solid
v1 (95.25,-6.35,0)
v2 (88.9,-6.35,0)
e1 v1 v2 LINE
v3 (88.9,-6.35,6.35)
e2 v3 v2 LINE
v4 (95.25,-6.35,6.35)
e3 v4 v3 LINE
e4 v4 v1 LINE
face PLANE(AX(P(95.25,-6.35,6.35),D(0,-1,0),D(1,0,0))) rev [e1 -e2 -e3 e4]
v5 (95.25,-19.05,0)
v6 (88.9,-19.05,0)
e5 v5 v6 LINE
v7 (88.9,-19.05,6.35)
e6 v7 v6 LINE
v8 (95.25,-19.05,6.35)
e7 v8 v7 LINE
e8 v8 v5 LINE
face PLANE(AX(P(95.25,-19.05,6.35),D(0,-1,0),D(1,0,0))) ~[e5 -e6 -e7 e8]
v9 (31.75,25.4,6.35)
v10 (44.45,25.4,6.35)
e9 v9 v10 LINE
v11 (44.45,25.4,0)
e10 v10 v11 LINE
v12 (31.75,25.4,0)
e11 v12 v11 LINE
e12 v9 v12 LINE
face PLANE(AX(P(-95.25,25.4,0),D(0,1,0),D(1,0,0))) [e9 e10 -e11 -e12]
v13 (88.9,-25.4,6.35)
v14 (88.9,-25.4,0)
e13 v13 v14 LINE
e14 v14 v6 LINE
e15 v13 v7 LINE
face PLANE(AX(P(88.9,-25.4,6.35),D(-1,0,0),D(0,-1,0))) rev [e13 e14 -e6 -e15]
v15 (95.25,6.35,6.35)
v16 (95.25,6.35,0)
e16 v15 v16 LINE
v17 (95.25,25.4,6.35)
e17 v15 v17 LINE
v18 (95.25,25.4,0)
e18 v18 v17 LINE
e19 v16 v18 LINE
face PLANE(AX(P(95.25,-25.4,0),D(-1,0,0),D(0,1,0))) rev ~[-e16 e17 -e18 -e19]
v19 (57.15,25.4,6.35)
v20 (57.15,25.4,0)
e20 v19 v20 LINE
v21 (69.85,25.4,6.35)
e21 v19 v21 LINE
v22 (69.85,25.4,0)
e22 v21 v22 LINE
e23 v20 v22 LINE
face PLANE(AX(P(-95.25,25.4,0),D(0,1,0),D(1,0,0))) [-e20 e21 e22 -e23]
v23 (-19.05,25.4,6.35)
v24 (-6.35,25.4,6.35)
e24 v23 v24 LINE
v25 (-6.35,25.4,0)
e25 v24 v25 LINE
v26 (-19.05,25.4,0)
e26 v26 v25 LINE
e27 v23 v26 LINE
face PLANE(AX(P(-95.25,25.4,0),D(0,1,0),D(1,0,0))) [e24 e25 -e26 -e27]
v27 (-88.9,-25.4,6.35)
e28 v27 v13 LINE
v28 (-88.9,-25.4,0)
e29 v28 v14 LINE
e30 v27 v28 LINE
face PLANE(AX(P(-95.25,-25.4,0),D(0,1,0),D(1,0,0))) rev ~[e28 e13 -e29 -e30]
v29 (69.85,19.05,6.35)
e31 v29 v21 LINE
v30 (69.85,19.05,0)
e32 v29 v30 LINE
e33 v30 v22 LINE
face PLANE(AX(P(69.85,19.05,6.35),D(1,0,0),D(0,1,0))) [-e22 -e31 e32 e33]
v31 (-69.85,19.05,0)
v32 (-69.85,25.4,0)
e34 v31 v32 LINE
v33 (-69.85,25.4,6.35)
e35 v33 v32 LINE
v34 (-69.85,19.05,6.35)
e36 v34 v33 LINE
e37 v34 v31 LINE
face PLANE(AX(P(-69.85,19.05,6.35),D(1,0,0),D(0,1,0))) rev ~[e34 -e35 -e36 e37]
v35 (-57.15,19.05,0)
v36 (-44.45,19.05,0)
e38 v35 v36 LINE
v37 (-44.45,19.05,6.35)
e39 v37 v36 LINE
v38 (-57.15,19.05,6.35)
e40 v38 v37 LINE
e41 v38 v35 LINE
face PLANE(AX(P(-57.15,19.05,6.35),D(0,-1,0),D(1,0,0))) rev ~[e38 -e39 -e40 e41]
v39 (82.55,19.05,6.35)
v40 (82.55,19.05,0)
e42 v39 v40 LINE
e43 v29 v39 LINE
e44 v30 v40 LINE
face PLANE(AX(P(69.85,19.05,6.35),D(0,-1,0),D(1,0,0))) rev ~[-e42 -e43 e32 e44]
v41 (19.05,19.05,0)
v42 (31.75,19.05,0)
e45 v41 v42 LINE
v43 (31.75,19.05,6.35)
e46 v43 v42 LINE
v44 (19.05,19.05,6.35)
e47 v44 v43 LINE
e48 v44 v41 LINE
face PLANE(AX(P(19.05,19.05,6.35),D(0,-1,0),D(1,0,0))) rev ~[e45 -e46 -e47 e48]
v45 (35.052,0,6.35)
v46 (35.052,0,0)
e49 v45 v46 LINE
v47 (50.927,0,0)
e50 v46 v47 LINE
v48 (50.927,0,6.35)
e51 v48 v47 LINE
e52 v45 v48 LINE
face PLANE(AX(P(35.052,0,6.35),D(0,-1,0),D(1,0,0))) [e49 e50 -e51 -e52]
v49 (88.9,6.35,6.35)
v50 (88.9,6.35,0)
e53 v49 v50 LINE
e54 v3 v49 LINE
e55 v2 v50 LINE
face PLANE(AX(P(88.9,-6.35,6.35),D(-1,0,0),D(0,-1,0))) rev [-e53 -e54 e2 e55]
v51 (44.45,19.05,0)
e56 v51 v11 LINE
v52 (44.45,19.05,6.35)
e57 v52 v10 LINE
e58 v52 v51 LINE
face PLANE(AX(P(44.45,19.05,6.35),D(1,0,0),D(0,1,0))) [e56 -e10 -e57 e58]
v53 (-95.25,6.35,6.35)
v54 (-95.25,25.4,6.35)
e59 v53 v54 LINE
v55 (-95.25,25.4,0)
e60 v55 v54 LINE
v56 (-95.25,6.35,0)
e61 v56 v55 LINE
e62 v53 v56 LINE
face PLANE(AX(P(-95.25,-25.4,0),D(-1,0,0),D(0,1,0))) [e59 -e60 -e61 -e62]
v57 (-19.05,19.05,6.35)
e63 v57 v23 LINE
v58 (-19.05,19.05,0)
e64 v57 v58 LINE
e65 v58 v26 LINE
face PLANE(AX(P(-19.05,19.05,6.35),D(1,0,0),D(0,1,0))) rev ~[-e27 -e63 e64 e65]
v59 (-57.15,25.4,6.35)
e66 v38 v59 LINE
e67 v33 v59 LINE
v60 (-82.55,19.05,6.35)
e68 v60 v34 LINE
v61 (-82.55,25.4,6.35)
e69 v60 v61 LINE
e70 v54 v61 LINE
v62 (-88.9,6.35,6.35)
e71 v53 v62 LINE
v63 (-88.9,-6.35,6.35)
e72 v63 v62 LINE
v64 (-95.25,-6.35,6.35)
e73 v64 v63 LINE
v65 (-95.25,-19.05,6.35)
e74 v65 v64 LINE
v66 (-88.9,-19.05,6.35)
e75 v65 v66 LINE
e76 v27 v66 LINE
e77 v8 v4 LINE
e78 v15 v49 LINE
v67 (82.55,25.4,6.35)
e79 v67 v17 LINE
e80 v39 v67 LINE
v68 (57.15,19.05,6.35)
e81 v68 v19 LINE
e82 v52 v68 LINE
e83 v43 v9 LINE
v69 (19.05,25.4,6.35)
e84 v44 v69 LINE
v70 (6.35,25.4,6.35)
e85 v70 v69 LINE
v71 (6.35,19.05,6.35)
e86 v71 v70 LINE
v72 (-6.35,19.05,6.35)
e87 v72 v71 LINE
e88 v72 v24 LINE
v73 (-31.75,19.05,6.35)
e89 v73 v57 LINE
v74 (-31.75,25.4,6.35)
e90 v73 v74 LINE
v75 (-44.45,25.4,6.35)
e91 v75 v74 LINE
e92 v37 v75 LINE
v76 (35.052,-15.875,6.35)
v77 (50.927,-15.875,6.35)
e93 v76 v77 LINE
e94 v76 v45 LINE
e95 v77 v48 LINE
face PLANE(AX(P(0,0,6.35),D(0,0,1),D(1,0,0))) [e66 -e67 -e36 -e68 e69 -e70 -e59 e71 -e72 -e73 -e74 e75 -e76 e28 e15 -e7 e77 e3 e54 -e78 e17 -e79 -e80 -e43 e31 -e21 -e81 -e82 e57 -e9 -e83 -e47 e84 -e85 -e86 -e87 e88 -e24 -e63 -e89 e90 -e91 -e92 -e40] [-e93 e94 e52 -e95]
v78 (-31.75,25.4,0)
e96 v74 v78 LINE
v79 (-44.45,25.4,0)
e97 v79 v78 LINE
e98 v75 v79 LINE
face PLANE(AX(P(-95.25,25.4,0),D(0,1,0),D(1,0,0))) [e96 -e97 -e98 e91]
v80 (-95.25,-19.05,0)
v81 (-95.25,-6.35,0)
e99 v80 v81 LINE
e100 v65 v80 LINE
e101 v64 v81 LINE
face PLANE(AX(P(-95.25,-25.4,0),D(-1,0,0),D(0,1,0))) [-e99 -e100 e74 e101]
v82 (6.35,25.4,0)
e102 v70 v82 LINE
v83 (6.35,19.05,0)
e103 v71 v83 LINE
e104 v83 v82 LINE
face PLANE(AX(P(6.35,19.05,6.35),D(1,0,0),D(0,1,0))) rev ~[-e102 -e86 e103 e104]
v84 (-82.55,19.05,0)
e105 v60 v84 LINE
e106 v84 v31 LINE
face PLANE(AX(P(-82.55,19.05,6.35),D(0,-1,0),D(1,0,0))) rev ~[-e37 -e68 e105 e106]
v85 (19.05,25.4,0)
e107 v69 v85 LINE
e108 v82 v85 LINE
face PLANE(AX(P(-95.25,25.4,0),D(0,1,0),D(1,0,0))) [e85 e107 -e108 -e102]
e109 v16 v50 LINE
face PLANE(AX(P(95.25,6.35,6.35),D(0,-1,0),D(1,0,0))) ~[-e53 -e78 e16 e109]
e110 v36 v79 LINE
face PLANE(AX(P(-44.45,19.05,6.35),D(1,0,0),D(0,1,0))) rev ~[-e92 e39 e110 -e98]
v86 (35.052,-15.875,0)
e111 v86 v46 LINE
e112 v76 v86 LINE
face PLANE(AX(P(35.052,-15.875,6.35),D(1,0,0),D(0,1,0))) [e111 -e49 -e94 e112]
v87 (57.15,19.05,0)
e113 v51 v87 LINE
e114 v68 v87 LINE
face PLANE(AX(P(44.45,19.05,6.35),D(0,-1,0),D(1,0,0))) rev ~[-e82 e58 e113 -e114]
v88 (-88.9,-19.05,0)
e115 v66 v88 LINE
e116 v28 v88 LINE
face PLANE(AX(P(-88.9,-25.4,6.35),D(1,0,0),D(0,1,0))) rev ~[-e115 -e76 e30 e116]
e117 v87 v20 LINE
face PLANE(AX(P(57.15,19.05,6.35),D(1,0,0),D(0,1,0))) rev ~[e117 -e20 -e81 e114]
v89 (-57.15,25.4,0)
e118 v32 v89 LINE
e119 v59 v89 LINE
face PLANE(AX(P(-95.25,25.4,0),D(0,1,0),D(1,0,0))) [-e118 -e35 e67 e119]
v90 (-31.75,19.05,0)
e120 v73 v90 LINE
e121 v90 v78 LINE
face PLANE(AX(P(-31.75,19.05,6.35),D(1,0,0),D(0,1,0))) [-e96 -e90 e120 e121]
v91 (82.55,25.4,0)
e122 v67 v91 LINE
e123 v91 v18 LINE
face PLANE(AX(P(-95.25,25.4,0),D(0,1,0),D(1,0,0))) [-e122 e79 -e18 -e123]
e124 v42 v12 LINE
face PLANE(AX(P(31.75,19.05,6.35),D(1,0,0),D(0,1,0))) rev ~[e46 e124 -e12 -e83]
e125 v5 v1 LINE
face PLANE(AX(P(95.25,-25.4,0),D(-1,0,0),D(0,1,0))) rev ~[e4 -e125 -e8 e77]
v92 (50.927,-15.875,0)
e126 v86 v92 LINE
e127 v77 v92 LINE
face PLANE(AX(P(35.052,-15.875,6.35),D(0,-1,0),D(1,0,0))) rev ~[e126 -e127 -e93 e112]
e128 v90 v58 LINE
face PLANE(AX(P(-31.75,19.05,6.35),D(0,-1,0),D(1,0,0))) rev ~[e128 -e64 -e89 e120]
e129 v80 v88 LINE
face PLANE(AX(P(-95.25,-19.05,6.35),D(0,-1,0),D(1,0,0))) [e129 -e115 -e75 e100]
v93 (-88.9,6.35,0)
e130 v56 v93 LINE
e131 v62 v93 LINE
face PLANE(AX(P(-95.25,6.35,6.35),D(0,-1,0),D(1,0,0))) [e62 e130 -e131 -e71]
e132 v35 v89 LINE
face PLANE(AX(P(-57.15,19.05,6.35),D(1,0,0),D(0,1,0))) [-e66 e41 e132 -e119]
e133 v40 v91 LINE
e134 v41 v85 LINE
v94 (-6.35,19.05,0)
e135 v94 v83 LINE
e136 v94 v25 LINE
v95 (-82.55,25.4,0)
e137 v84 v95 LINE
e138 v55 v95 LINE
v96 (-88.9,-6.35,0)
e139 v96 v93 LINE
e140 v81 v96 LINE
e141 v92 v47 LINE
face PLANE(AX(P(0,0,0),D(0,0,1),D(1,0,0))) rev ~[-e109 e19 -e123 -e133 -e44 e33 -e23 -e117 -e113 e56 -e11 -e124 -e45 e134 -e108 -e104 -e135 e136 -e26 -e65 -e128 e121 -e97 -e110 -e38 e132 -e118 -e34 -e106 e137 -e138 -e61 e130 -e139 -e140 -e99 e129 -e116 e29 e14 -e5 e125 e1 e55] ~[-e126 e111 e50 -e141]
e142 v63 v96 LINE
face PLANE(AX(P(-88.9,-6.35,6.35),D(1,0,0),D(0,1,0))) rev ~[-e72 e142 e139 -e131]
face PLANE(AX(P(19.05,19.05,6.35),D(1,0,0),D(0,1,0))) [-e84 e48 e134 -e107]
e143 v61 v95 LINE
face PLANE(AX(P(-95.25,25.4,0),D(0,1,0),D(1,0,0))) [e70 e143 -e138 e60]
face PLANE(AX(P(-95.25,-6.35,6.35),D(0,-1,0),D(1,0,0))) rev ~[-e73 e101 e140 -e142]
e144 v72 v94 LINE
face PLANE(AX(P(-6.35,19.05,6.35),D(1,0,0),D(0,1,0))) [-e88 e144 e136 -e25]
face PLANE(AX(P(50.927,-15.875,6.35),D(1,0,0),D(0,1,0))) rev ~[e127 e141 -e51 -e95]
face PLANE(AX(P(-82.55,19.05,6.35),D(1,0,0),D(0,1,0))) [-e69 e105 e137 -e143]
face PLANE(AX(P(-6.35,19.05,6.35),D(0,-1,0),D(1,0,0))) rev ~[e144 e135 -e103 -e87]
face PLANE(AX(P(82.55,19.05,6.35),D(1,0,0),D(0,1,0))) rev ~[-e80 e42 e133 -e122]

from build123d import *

# Parameters (mm, degrees)
SKETCH1_W           = 190.5
SKETCH1_H           = 50.8
BOSS_EXTRUDE1_DEPTH = 6.35
SKETCH2_W           = 6.35
SKETCH2_H           = 12.7
CUT_EXTRUDE1_DEPTH  = 7.35
SKETCH3_W           = 6.35
SKETCH3_H           = 6.35
CUT_EXTRUDE2_DEPTH  = 7.35
SKETCH4_W           = 12.7
SKETCH4_H           = 6.35
CUT_EXTRUDE3_DEPTH  = 7.35
LPATTERN1_COUNT     = 7
LPATTERN1_PITCH     = 25.4
SKETCH5_W           = 15.875
SKETCH5_H           = 15.875
CUT_EXTRUDE4_DEPTH  = 7.35


with BuildPart() as part:
    # Sketch1 → Boss-Extrude1 (new body)
    with BuildSketch(Plane.XY):
        Rectangle(SKETCH1_W, SKETCH1_H)
    extrude(amount=BOSS_EXTRUDE1_DEPTH)

    # Sketch2 → Cut-Extrude1 (cut, through all)
    with BuildSketch(Plane.XY.offset(6.35)):
        with Locations((-92.075, 0)):
            Rectangle(SKETCH2_W, SKETCH2_H)
    cut_extrude1 = extrude(amount=-CUT_EXTRUDE1_DEPTH, mode=Mode.SUBTRACT)

    # Sketch3 → Cut-Extrude2 (cut, through all)
    with BuildSketch(Plane.XY.offset(6.35)):
        with Locations((-92.075, -22.225)):
            Rectangle(SKETCH3_W, SKETCH3_H)
    cut_extrude2 = extrude(amount=-CUT_EXTRUDE2_DEPTH, mode=Mode.SUBTRACT)

    # Mirror1: Cut-Extrude2 across plane
    add(cut_extrude2.mirror(Plane(origin=(0, 0, 0), x_dir=(0, 0, 1), z_dir=(1, 0, 0))), mode=Mode.SUBTRACT)

    # Mirror2: Cut-Extrude1 across plane
    add(cut_extrude1.mirror(Plane(origin=(0, 0, 0), x_dir=(0, 0, 1), z_dir=(1, 0, 0))), mode=Mode.SUBTRACT)

    # Sketch4 → Cut-Extrude3 (cut, through all)
    with BuildSketch(Plane.XY.offset(6.35)):
        with Locations((-76.2, 22.225)):
            Rectangle(SKETCH4_W, SKETCH4_H)
    cut_extrude3 = extrude(amount=-CUT_EXTRUDE3_DEPTH, mode=Mode.SUBTRACT)

    # LPattern1: Cut-Extrude3 ×7
    with Locations(*[(i * LPATTERN1_PITCH, 0, 0) for i in range(1, LPATTERN1_COUNT)]):
        add(cut_extrude3, mode=Mode.SUBTRACT)

    # Sketch5 → Cut-Extrude4 (cut, through all)
    with BuildSketch(Plane.XY.offset(6.35)):
        with Locations((42.9895, -7.9375)):
            Rectangle(SKETCH5_W, SKETCH5_H)
    extrude(amount=-CUT_EXTRUDE4_DEPTH, mode=Mode.SUBTRACT)


solid = part.part
